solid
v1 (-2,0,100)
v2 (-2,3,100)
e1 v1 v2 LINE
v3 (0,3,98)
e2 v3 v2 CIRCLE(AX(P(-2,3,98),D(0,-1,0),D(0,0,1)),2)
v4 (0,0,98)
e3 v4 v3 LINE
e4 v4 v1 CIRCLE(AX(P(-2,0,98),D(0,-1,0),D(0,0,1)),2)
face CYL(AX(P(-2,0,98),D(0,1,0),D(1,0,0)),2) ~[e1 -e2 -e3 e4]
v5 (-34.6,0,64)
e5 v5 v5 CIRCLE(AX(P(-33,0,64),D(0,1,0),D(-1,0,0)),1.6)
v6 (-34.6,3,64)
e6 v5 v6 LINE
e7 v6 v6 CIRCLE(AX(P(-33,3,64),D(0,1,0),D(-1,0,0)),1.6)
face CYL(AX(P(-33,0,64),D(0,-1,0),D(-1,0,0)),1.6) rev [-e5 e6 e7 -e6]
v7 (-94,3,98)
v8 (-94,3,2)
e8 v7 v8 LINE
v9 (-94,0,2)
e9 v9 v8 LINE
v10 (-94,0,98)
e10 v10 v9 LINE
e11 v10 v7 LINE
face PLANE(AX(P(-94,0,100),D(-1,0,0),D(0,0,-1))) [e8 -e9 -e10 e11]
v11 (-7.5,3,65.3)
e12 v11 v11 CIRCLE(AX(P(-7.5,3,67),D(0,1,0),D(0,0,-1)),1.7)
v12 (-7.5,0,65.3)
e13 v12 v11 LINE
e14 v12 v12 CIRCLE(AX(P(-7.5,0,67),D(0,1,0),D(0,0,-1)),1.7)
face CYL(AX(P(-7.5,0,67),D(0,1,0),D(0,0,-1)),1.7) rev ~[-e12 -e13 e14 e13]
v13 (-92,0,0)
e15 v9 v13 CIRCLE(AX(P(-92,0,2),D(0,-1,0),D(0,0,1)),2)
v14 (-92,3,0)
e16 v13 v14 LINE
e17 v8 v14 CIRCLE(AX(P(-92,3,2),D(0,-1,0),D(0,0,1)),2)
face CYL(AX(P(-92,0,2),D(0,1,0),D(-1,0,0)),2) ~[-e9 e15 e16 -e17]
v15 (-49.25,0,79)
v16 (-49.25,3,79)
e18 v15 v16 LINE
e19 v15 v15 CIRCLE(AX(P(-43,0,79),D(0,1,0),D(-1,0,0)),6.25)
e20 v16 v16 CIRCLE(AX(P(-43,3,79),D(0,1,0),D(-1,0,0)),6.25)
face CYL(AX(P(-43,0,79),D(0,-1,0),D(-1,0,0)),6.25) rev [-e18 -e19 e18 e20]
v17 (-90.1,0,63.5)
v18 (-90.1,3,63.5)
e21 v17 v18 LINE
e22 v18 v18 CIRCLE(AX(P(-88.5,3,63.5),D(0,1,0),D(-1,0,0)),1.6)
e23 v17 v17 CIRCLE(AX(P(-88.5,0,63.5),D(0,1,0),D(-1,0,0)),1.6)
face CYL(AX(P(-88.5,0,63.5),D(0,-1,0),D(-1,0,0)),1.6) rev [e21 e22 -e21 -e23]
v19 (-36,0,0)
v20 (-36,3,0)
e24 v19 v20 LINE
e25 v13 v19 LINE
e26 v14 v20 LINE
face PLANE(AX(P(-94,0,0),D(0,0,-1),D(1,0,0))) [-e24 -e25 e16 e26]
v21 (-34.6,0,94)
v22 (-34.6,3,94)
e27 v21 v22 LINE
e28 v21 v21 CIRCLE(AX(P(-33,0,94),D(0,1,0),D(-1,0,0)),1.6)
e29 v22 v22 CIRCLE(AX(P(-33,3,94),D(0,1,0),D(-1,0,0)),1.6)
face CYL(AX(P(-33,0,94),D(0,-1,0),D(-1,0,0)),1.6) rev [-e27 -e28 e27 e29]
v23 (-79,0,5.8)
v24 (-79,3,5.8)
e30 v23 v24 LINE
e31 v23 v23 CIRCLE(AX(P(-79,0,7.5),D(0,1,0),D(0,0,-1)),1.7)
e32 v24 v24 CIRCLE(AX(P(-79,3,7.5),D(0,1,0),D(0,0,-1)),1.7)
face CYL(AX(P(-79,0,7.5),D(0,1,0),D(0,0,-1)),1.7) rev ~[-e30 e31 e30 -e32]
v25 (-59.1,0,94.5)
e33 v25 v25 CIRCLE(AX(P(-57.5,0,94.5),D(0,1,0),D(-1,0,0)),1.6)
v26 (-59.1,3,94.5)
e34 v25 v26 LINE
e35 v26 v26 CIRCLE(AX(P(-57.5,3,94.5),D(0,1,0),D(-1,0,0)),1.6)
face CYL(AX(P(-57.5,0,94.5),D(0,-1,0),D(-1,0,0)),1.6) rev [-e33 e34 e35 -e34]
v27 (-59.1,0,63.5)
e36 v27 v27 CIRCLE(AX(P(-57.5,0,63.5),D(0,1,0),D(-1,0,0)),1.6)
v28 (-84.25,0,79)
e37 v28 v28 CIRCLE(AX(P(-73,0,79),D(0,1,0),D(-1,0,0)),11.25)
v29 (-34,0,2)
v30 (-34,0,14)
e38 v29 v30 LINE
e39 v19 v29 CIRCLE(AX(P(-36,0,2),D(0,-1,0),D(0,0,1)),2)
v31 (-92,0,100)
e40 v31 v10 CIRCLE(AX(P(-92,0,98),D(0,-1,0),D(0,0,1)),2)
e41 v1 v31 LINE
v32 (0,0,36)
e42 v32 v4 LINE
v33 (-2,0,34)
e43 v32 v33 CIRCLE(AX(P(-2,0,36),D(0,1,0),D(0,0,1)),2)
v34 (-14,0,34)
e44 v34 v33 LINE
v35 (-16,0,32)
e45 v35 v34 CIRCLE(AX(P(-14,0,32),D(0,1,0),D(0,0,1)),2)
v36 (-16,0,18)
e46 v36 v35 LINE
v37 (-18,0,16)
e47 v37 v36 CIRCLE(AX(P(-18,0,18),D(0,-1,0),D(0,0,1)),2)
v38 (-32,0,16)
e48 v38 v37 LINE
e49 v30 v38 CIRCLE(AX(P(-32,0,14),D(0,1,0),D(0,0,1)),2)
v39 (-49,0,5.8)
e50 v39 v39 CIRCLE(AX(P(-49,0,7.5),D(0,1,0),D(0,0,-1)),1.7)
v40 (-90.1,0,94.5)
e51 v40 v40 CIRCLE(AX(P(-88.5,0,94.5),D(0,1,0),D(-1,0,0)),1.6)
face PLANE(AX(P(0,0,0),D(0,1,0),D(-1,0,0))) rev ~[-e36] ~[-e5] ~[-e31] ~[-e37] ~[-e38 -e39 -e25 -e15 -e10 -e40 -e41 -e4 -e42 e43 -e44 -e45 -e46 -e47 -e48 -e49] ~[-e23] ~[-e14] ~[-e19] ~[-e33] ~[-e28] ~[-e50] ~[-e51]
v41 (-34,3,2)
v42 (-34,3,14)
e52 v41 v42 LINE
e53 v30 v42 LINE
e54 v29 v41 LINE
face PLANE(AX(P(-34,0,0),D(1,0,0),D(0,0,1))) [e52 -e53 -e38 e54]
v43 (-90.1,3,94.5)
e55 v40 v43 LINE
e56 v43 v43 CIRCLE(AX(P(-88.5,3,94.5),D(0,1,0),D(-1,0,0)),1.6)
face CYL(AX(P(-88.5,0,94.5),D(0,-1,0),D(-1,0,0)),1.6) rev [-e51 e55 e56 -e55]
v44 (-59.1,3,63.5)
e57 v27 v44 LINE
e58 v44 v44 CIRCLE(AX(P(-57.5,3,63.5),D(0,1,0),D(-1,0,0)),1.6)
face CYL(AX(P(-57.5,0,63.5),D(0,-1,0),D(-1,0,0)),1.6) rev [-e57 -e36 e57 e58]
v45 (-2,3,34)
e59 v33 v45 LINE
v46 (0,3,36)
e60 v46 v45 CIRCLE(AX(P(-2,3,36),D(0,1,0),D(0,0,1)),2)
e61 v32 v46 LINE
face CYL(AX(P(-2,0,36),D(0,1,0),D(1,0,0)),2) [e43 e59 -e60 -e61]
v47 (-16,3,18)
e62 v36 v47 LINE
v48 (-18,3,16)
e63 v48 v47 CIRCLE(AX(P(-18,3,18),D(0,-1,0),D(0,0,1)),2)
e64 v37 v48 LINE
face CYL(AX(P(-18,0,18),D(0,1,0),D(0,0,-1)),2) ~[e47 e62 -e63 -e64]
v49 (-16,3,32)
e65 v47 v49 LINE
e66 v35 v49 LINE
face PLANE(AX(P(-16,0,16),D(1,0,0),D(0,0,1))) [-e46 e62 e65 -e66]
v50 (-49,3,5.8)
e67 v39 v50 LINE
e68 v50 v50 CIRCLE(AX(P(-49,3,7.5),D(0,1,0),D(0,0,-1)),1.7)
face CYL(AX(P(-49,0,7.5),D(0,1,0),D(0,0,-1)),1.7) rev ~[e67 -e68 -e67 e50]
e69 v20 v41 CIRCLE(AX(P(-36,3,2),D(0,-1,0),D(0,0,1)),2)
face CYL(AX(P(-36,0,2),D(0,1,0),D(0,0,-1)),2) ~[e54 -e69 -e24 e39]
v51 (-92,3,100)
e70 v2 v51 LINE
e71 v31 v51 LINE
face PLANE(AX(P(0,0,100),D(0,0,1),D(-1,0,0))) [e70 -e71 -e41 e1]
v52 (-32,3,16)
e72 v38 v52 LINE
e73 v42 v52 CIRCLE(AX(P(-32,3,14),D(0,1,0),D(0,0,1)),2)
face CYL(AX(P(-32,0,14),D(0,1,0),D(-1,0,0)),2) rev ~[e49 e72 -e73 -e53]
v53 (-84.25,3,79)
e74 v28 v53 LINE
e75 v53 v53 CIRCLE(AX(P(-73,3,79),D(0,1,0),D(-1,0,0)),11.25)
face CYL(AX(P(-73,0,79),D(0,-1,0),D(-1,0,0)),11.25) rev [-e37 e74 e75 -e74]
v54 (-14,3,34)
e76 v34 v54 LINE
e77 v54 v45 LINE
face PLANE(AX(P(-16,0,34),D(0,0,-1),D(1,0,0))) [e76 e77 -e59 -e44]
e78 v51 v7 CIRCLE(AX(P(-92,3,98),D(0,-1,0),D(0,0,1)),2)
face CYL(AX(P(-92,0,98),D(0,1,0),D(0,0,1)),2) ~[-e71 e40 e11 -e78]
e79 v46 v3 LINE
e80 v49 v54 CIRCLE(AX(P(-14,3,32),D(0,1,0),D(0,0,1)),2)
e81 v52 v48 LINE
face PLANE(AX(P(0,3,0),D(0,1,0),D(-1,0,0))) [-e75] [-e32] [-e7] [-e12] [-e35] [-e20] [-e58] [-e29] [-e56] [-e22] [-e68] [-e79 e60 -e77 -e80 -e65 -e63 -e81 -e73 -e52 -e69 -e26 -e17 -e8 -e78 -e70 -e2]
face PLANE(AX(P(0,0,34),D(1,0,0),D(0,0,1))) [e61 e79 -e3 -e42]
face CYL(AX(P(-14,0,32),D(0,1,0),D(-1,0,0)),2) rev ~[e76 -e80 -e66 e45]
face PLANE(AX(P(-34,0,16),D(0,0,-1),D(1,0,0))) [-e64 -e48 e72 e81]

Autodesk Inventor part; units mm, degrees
ref_plane "YZ Plane" through (0, 0, 0) normal (1, 0, 0) x (0, 1, 0)
ref_plane "XZ Plane" through (0, 0, 0) normal (0, 1, 0) x (-1, 0, 0)
ref_plane "XY Plane" through (0, 0, 0) normal (0, 0, 1) x (1, 0, 0)
sketch "Sketch1" plane through (0, 0, 0) normal (0, 1, 0) x (-1, 0, 0)
  line L0 (0, 34) -> (0, 100)
  line L1 (0, 100) -> (94, 100)
  line L2 (94, 100) -> (94, 0)
  line L3 (94, 0) -> (34, 0)
  circle A0 centre (57.5, 94.5) radius 1.6
  circle A1 centre (88.5, 94.5) radius 1.6
  circle A2 centre (88.5, 63.5) radius 1.6
  circle A3 centre (57.5, 63.5) radius 1.6
  circle A4 centre (73, 79) radius 11.25
  circle A5 centre (43, 79) radius 6.25
  line L4 (34, 16) -> (16, 16)
  line L5 (16, 16) -> (16, 34)
  line L6 (34, 0) -> (34, 16)
  line L7 (16, 34) -> (0, 34)
  circle A6 centre (33, 64) radius 1.6
  circle A7 centre (33, 94) radius 1.6
  point P0 (0, 0)
  dimension "d3" = 100
  dimension "d4" = 60
  dimension "d5" = 31
  dimension "d6" = 31
  dimension "d7" = 15.5
  dimension "d8" = 15.5
  dimension "d9" = 22.5
  dimension "d10" = 21
  dimension "d11" = 12.5
  dimension "d12" = 21
  dimension "d13" = 3.2
  dimension "d14" = 30
  dimension "d15" = 16
  dimension "d16" = 34
  dimension "d17" = 34
  dimension "d18" = 15
  dimension "d19" = 15
  dimension "d20" = 10
extrude "Extrusion1" add sketch "Sketch1" along normal blind 3
fillet "Fillet1" radius 2 8 edges at (-16, 1.5, 34) (-34, 1.5, 16) (-16, 1.5, 16) (0, 1.5, 34) (-34, 1.5, 0) (0, 1.5, 100) (-94, 1.5, 100) (-94, 1.5, 0)
sketch "Sketch2" plane through (0, 0, 0) normal (0, -1, 0) x (1, 0, 0)
  arc A0 (-94, 2) -> (-92, 0) centre (-92, 2) ccw projected
  line L0 (-36, 0) -> (-92, 0) projected
  arc A1 (-36, 0) -> (-34, 2) centre (-36, 2) ccw projected
  line L1 (-34, 14) -> (-34, 2) projected
  arc A2 (-32, 16) -> (-34, 14) centre (-32, 14) ccw projected
  line L2 (-18, 16) -> (-32, 16) projected
  arc A3 (-18, 16) -> (-16, 18) centre (-18, 18) ccw projected
  line L3 (-16, 32) -> (-16, 18) projected
  arc A4 (-14, 34) -> (-16, 32) centre (-14, 32) ccw projected
  line L4 (-2, 34) -> (-14, 34) projected
  arc A5 (-2, 34) -> (0, 36) centre (-2, 36) ccw projected
  line L5 (0, 98) -> (0, 36) projected
  arc A6 (0, 98) -> (-2, 100) centre (-2, 98) ccw projected
  line L6 (-92, 100) -> (-2, 100) projected
  arc A7 (-92, 100) -> (-94, 98) centre (-92, 98) ccw projected
  line L7 (-94, 2) -> (-94, 98) projected
  circle A8 centre (-33, 94) radius 1.6 projected
  circle A9 centre (-33, 64) radius 1.6 projected
  circle A10 centre (-43, 79) radius 6.25 projected
  circle A11 centre (-73, 79) radius 11.25 projected
  circle A12 centre (-57.5, 63.5) radius 1.6 projected
  circle A13 centre (-88.5, 63.5) radius 1.6 projected
  circle A14 centre (-88.5, 94.5) radius 1.6 projected
  circle A15 centre (-57.5, 94.5) radius 1.6 projected
  point P0 (0, 0)
  point P1 (-7.5, 67)
  point P2 (-49, 7.5)
  point P3 (-79, 7.5)
  point P4 (0, 67)
  dimension "d22" = 7.5
  dimension "d23" = 7.5
  dimension "d24" = 15
  dimension "d25" = 15
hole "Hole1" at (-7.5, 0, 67) at (-49, 0, 7.5) at (-79, 0, 7.5) direction (0, 1, 0) diameter 3.4 end through all clearance for "Countersunk Flat Head Screw ISO 2009/7046" size "M3" standard "ISO"
equation "\"d6\" = d5"
equation "\"d7\" = 0.5 * d6"
equation "\"d8\" = 0.5 * d5"
equation "\"d19\" = d18"
equation "\"d23\" = d22"
equation "\"d25\" = d24"
properties part number "Z Axis Motor Mount" material "Aluminum 6061"
